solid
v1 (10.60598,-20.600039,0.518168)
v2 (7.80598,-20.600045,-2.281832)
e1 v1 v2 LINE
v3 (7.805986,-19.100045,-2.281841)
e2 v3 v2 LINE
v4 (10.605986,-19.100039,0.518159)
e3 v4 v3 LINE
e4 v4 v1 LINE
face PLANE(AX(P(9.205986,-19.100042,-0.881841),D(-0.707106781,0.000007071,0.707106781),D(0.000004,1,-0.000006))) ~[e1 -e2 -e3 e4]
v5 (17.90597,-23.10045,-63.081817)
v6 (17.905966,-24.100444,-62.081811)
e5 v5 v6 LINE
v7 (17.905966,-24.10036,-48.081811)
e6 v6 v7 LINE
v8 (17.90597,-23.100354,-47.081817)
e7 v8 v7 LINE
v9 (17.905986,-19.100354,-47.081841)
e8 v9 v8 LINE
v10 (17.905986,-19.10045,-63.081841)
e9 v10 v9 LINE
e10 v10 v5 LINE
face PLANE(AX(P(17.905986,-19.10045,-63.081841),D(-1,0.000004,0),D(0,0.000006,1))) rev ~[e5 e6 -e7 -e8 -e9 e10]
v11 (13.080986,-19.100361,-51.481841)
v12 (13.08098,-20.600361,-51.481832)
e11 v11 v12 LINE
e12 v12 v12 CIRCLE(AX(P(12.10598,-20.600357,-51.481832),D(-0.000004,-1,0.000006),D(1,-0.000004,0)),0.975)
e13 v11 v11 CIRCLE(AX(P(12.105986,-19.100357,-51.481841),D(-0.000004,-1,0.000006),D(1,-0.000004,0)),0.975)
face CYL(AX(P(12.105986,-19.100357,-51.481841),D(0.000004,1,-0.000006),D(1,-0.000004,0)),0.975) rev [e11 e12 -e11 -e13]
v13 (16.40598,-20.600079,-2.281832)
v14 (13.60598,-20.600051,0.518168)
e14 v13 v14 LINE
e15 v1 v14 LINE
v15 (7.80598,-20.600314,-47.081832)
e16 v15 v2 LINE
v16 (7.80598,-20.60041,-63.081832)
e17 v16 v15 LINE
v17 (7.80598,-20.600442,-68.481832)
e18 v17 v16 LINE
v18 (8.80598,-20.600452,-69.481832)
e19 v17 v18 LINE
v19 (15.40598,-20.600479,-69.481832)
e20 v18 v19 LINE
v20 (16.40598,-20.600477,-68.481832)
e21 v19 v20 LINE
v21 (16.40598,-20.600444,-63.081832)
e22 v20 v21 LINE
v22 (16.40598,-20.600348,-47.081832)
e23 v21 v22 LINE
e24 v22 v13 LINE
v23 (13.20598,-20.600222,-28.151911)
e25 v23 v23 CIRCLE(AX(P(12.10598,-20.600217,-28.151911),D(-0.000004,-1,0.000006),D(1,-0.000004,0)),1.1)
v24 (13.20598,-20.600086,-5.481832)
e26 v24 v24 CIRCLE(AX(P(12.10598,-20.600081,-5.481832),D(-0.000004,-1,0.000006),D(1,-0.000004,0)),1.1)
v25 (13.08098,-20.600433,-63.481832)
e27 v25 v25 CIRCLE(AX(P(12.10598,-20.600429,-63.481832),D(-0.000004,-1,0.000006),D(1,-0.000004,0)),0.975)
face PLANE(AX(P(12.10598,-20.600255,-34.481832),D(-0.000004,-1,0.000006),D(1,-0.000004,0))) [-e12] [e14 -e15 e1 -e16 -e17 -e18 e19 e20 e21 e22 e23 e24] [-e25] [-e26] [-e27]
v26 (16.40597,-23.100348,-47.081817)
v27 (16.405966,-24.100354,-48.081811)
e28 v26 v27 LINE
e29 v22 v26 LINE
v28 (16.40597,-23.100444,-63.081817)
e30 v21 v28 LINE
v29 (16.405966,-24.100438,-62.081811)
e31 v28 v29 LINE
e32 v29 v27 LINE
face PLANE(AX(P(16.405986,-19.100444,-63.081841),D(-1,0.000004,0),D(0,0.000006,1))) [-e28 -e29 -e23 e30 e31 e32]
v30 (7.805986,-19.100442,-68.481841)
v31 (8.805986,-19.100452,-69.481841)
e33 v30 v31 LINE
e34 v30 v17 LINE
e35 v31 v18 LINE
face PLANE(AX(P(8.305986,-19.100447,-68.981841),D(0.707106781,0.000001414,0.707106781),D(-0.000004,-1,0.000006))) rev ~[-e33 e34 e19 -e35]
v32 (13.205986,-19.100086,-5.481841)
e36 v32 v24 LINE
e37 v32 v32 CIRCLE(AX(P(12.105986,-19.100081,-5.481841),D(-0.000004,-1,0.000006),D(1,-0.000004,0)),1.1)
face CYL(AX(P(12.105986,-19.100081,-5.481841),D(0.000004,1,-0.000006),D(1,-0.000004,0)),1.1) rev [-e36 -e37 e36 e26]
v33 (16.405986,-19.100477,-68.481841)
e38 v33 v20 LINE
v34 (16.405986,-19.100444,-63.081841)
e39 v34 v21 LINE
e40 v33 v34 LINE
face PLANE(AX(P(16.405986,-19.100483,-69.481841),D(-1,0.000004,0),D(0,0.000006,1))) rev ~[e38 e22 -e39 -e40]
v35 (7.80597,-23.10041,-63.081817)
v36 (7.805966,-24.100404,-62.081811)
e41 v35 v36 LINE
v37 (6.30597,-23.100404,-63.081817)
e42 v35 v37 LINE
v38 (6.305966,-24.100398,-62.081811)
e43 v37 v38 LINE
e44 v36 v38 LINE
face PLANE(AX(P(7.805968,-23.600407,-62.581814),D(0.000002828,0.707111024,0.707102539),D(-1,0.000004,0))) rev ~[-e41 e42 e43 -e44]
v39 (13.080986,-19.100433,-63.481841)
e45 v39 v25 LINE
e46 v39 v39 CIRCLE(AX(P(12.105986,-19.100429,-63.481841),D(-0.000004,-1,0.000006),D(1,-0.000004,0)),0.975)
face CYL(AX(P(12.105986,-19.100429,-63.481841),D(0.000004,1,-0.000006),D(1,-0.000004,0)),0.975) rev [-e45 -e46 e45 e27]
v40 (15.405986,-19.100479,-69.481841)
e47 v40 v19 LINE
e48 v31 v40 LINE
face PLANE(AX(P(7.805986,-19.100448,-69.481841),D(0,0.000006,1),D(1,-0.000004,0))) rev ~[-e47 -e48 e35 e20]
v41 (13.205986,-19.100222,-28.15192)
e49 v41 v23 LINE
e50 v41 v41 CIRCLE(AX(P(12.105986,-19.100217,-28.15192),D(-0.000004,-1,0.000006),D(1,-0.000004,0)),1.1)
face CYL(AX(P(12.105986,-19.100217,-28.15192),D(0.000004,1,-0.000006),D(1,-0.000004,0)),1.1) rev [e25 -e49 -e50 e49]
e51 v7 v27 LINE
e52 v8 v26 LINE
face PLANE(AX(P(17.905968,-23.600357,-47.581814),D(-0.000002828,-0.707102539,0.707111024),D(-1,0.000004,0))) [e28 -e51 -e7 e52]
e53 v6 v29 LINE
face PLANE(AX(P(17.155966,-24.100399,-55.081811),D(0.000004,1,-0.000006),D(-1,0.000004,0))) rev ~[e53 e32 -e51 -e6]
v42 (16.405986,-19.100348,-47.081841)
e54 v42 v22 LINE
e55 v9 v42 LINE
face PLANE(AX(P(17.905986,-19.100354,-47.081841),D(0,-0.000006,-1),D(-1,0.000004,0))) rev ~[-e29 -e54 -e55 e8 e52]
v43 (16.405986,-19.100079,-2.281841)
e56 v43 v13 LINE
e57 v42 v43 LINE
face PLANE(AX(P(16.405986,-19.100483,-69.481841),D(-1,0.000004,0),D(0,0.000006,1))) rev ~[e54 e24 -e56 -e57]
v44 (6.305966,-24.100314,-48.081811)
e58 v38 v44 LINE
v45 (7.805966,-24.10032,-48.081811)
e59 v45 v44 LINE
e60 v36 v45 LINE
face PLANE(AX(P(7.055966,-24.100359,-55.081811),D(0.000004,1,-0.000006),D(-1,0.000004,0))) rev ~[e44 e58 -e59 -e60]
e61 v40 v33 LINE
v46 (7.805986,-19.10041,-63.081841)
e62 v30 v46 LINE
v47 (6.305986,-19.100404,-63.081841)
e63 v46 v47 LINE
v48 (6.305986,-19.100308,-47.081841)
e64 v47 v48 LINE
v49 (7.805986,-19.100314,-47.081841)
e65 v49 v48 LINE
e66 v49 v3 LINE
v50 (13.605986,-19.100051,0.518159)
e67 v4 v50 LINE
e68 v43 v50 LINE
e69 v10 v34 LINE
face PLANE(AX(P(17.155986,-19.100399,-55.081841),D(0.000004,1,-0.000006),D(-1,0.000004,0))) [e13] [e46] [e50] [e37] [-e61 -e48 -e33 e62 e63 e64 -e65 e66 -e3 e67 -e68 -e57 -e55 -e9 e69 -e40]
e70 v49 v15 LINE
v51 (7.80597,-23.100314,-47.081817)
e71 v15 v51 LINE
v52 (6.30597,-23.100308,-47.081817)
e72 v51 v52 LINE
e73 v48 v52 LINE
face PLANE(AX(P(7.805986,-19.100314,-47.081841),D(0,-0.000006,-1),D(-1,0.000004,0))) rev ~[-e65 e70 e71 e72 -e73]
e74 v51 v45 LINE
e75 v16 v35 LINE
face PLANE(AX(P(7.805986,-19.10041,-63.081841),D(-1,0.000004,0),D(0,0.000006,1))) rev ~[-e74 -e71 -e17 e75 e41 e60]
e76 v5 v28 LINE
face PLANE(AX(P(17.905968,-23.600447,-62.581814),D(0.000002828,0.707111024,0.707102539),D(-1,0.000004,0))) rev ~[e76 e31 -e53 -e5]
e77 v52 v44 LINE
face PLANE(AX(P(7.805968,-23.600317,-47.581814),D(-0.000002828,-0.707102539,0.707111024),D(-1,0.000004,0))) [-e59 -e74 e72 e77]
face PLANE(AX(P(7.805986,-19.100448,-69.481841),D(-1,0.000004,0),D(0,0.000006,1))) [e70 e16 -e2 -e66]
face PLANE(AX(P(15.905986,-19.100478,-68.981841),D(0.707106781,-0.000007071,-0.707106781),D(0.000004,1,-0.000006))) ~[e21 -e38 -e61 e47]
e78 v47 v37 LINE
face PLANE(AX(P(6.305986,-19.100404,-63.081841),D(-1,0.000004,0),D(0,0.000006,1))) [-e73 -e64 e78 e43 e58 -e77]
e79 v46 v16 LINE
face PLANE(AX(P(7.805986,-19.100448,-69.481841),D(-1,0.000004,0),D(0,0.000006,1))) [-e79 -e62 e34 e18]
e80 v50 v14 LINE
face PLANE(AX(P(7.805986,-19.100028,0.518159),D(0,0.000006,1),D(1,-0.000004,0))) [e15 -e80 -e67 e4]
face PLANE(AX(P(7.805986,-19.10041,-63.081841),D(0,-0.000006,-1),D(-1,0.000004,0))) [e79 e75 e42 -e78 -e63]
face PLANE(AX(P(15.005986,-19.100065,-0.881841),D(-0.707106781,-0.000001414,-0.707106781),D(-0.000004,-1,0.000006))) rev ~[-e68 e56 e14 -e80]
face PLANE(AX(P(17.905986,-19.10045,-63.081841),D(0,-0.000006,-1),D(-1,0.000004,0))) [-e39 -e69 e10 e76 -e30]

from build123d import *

# Parameters (mm, degrees)
SKETCH006_W     = 8.6
SKETCH006_H     = 70
SKETCH006_R     = 1.1
SKETCH006_R_2   = 0.975
PAD005_DEPTH    = 1.5
SKETCH007_W     = 1.5
SKETCH007_H     = 16
PAD006_DEPTH    = 5
CHAMFER001_SIZE = 2.8
CHAMFER002_SIZE = 1


with BuildPart() as part:
    # Sketch006 (on Face74 of Binder003) → Pad005 (new body)
    with BuildSketch(Plane(origin=(-7.1e-05, -19.1, 0.000123), x_dir=(1, -4e-06, 0), z_dir=(-4e-06, -1, 6e-06))):
        with Locations((12.106057, -34.481964)):
            Rectangle(SKETCH006_W, SKETCH006_H)
        with Locations((12.106057, -5.481964)):
            Circle(SKETCH006_R, mode=Mode.SUBTRACT)
        with Locations((12.106057, -28.152043)):
            Circle(SKETCH006_R, mode=Mode.SUBTRACT)
        with Locations((12.106057, -51.481964)):
            Circle(SKETCH006_R_2, mode=Mode.SUBTRACT)
        with Locations((12.106057, -63.481964)):
            Circle(SKETCH006_R_2, mode=Mode.SUBTRACT)
    extrude(amount=PAD005_DEPTH)

    # Sketch007 (on Face9 of Pad005) → Pad006 (join)
    with BuildSketch(Plane(origin=(-7.1e-05, -19.1, 0.000123), x_dir=(-1, 4e-06, 0), z_dir=(4e-06, 1, -6e-06))):
        with Locations((-17.156057, -55.081964)):
            Rectangle(SKETCH007_W, SKETCH007_H)
        with Locations((-7.056057, -55.081964)):
            Rectangle(SKETCH007_W, SKETCH007_H)
    extrude(amount=-PAD006_DEPTH)

    # Chamfer001
    chamfer001_edges = [part.edges().sort_by_distance(p)[0] for p in [
        (16.405983, -19.850058, 0.518165),
        (7.805983, -19.850026, 0.518165),
    ]]
    chamfer(chamfer001_edges, length=CHAMFER001_SIZE)

    # Chamfer002
    chamfer002_edges = [part.edges().sort_by_distance(p)[0] for p in [
        (17.155967, -24.100368, -47.081808),
        (17.155967, -24.100471, -63.081808),
        (7.055967, -24.100433, -63.081808),
        (7.055967, -24.10033, -47.081808),
        (16.405983, -19.850509, -69.481835),
        (7.805983, -19.850477, -69.481835),
    ]]
    chamfer(chamfer002_edges, length=CHAMFER002_SIZE)


solid = part.part
